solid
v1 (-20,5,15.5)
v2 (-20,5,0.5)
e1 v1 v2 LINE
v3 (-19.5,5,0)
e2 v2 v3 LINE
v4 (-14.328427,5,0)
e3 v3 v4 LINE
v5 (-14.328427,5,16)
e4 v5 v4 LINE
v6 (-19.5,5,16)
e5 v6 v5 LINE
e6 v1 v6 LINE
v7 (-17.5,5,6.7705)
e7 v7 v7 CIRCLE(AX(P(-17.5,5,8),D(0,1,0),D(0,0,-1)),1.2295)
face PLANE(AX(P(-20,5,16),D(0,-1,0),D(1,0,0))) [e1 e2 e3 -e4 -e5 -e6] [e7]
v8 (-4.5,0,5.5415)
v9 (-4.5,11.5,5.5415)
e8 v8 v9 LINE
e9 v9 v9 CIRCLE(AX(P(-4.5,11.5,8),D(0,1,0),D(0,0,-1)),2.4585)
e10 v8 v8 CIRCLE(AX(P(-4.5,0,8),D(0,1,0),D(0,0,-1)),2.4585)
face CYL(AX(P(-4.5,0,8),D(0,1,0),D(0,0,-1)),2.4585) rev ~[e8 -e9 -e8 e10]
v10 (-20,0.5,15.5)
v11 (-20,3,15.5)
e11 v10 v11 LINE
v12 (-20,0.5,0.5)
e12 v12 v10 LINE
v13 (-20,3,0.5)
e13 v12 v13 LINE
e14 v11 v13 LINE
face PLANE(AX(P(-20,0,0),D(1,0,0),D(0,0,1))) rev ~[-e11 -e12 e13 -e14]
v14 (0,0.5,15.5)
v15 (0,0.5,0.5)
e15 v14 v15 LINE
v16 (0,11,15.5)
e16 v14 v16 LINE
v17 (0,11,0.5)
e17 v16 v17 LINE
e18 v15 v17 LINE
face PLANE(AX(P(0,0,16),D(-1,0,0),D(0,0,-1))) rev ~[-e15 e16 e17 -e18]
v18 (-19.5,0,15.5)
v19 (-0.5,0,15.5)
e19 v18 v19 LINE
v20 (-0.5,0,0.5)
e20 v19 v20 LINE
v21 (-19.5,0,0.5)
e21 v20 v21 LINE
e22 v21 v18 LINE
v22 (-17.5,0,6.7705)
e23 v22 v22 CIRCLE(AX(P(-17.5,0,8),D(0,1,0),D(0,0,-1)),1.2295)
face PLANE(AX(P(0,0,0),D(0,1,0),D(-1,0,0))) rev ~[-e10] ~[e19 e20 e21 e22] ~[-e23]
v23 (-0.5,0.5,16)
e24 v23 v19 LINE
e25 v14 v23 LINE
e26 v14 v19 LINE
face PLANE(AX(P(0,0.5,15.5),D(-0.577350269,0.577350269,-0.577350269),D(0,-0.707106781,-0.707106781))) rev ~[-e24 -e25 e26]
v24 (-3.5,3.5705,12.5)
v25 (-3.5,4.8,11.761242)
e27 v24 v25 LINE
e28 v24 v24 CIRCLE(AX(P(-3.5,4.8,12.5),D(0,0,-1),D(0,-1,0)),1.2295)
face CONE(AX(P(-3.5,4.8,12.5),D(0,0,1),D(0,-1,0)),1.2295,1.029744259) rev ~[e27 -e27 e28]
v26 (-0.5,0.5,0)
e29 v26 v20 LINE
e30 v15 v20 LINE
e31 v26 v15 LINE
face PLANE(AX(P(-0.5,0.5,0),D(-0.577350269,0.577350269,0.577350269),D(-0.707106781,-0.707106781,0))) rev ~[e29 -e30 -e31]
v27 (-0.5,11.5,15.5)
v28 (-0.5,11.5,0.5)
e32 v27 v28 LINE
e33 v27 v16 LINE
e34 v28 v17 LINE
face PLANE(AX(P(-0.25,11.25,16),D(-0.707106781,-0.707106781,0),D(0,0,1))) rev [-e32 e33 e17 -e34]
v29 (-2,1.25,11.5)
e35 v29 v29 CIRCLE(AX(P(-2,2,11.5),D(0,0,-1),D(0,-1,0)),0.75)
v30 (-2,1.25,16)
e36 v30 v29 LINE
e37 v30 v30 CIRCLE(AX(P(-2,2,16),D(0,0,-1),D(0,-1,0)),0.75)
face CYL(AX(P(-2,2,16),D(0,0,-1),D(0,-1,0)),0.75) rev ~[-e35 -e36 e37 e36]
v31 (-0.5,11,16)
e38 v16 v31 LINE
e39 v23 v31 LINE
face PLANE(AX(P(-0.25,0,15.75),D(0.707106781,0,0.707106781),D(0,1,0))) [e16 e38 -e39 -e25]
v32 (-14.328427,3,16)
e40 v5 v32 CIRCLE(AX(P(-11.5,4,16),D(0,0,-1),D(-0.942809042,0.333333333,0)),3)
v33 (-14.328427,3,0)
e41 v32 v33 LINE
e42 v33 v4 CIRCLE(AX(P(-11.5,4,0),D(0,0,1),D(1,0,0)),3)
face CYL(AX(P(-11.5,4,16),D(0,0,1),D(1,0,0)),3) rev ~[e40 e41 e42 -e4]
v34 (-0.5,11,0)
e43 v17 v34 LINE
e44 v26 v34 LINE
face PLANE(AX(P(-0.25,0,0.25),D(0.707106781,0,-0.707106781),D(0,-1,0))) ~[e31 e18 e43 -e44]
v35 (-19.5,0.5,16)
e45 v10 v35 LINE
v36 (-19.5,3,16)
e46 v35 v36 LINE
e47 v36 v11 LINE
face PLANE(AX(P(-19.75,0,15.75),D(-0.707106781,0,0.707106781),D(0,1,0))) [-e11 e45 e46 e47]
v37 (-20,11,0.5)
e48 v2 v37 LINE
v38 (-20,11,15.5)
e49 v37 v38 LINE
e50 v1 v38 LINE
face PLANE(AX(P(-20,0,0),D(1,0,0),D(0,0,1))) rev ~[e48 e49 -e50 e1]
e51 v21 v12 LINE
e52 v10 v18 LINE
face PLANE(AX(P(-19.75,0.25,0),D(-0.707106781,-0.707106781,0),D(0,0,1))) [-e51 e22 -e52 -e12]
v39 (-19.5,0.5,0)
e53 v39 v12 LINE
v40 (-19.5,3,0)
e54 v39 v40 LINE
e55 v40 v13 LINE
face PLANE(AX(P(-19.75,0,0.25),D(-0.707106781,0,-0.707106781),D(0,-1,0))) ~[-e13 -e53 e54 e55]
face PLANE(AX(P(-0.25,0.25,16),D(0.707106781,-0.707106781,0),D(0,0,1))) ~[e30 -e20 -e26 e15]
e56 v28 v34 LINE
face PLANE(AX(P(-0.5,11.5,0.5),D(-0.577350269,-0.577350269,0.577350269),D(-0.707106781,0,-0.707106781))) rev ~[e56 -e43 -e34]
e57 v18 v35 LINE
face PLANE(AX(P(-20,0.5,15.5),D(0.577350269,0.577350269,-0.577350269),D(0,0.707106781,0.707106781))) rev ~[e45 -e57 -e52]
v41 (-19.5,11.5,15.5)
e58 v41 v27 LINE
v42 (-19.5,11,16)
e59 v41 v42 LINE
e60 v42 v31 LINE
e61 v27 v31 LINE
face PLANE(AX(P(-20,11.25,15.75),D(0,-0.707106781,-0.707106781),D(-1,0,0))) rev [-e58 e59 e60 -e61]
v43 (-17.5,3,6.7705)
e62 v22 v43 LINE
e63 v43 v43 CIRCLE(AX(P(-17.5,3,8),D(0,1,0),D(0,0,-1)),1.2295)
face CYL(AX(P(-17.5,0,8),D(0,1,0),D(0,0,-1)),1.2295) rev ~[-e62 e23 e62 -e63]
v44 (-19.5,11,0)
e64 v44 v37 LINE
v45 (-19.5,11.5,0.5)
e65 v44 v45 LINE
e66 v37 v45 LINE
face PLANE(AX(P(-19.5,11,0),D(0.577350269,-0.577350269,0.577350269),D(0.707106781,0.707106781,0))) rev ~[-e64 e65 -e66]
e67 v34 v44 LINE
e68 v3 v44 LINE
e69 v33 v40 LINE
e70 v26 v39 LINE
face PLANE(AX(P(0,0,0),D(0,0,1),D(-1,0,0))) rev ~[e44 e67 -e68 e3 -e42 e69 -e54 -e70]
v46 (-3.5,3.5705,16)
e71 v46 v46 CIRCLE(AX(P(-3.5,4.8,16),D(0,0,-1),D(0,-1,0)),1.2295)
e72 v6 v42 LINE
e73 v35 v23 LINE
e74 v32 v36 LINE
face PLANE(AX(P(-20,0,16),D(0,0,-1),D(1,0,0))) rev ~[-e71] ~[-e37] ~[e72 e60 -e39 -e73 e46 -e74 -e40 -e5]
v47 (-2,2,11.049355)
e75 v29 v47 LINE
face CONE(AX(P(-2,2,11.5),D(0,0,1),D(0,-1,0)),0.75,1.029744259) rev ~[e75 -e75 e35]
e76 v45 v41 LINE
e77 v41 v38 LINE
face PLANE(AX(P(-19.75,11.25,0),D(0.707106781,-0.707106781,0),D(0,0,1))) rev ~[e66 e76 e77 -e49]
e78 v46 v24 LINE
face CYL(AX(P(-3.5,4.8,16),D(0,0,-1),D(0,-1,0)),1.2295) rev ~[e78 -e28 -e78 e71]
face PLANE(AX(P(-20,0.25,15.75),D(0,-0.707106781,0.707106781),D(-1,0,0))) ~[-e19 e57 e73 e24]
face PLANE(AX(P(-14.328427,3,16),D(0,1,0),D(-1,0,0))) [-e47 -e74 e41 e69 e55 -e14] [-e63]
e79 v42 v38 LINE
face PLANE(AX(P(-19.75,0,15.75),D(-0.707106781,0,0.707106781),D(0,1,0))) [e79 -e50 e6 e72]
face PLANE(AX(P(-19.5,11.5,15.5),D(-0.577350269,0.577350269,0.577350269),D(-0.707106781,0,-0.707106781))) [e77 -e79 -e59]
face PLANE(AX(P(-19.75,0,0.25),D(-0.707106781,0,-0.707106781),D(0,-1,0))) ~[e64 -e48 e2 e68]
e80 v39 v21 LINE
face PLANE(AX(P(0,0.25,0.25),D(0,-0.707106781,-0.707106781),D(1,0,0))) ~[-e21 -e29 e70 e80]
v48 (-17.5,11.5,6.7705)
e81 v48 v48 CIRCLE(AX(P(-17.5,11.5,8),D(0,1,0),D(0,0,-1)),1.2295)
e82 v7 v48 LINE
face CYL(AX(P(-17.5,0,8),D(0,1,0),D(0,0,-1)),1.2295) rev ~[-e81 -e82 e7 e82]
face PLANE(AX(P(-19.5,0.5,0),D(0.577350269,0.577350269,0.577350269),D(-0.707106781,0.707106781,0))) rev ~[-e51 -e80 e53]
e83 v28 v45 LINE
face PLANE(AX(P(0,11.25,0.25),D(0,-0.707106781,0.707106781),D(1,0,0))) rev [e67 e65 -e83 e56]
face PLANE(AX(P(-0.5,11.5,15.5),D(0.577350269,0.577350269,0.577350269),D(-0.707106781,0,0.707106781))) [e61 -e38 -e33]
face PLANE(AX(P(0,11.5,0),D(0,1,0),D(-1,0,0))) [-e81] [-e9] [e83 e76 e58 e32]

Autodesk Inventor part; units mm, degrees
ref_plane "YZ Plane" through (0, 0, 0) normal (1, 0, 0) x (0, 1, 0)
ref_plane "XZ Plane" through (0, 0, 0) normal (0, 1, 0) x (-1, 0, 0)
ref_plane "XY Plane" through (0, 0, 0) normal (0, 0, 1) x (1, 0, 0)
sketch "草圖1" plane through (0, 0, 0) normal (0, 1, 0) x (-1, 0, 0)
  line L0 (0, 0) -> (20, 0)
  line L1 (20, 0) -> (20, 16)
  line L2 (20, 16) -> (0, 16)
  line L3 (0, 16) -> (0, 0)
  dimension "d0" = 20
  dimension "d1" = 16
extrude "擠出1" add sketch "草圖1" along normal blind 11.5
sketch "草圖2" plane through (-20, 0, 16) normal (0, 0, 1) x (1, 0, 0)
  line L0 (0, 0) -> (20, 0) projected
  line L1 (20, 0) -> (20, 11.5) projected
  point P0 (16.5, 4.8)
  dimension "d4" = 3.5
  dimension "d5" = 4.8
hole "孔1" at (-3.5, 4.8, 16) direction (0, 0, -1) diameter 2.459 depth 3.5 tip angle 118 thread size "M3x0.5" class "6H" standard "ANSI Metric M Profile"
sketch "草圖3" plane through (-20, 0, 16) normal (0, 0, 1) x (1, 0, 0)
  line L0 (0, 0) -> (20, 0) projected
  line L1 (20, 0) -> (20, 11.5) projected
  point P0 (18, 2)
  dimension "d13" = 2
  dimension "d14" = 2
hole "孔2" at (-2, 2, 16) direction (0, 0, -1) diameter 1.5 depth 4.5 tip angle 118
chamfer "倒角1" distance 0.5 angle 45 12 edges at (-10, 0, 16) (0, 5.75, 16) (0, 0, 8) (-20, 0, 8) (-20, 5.75, 16) (0, 5.75, 0) (-10, 0, 0) (0, 11.5, 8) (-10, 11.5, 16) (-20, 11.5, 8) (-20, 5.75, 0) (-10, 11.5, 0)
sketch "草圖4" plane through (-19.5, 0.5, 16) normal (0, 0, 1) x (1, 0, 0)
  circle A0 centre (8, 3.5) radius 3
  line L0 (0, -0.5) -> (19, -0.5) projected
  line L1 (-0.5, 4.5) -> (8, 4.5)
  line L2 (8, 4.5) -> (8, 2.5)
  line L3 (8, 2.5) -> (-0.5, 2.5)
  line L4 (-0.5, 2.5) -> (-0.5, 4.5)
  point P0 (19.5, -0.5)
  dimension "d25" = 6
  dimension "d27" = 11.5
  dimension "d28" = 4
  dimension "d29" = 2
  dimension "d30" = 8.5
extrude "擠出2" cut sketch "草圖4" against normal through all
sketch "草圖5" plane through (0, 0, 0) normal (0, -1, 0) x (1, 0, 0)
  point P0 (0, 0)
  point P1 (-17.5, 8)
  dimension "d35" = 17.5
hole "孔3" at (-17.5, 0, 8) direction (0, 1, 0) diameter 2.459 end through all thread size "M3x0.5" class "6H" standard "ANSI Metric M Profile"
sketch "草圖6" plane through (0, 0, 0) normal (0, -1, 0) x (1, 0, 0)
  point P0 (0, 0)
  point P1 (-4.5, 8)
  dimension "d43" = 4.5
hole "孔4" at (-4.5, 0, 8) direction (0, 1, 0) diameter 4.917 end through all thread size "M6x1" class "6H" standard "ANSI Metric M Profile"
properties part number "e3d_v6_heat_block"
